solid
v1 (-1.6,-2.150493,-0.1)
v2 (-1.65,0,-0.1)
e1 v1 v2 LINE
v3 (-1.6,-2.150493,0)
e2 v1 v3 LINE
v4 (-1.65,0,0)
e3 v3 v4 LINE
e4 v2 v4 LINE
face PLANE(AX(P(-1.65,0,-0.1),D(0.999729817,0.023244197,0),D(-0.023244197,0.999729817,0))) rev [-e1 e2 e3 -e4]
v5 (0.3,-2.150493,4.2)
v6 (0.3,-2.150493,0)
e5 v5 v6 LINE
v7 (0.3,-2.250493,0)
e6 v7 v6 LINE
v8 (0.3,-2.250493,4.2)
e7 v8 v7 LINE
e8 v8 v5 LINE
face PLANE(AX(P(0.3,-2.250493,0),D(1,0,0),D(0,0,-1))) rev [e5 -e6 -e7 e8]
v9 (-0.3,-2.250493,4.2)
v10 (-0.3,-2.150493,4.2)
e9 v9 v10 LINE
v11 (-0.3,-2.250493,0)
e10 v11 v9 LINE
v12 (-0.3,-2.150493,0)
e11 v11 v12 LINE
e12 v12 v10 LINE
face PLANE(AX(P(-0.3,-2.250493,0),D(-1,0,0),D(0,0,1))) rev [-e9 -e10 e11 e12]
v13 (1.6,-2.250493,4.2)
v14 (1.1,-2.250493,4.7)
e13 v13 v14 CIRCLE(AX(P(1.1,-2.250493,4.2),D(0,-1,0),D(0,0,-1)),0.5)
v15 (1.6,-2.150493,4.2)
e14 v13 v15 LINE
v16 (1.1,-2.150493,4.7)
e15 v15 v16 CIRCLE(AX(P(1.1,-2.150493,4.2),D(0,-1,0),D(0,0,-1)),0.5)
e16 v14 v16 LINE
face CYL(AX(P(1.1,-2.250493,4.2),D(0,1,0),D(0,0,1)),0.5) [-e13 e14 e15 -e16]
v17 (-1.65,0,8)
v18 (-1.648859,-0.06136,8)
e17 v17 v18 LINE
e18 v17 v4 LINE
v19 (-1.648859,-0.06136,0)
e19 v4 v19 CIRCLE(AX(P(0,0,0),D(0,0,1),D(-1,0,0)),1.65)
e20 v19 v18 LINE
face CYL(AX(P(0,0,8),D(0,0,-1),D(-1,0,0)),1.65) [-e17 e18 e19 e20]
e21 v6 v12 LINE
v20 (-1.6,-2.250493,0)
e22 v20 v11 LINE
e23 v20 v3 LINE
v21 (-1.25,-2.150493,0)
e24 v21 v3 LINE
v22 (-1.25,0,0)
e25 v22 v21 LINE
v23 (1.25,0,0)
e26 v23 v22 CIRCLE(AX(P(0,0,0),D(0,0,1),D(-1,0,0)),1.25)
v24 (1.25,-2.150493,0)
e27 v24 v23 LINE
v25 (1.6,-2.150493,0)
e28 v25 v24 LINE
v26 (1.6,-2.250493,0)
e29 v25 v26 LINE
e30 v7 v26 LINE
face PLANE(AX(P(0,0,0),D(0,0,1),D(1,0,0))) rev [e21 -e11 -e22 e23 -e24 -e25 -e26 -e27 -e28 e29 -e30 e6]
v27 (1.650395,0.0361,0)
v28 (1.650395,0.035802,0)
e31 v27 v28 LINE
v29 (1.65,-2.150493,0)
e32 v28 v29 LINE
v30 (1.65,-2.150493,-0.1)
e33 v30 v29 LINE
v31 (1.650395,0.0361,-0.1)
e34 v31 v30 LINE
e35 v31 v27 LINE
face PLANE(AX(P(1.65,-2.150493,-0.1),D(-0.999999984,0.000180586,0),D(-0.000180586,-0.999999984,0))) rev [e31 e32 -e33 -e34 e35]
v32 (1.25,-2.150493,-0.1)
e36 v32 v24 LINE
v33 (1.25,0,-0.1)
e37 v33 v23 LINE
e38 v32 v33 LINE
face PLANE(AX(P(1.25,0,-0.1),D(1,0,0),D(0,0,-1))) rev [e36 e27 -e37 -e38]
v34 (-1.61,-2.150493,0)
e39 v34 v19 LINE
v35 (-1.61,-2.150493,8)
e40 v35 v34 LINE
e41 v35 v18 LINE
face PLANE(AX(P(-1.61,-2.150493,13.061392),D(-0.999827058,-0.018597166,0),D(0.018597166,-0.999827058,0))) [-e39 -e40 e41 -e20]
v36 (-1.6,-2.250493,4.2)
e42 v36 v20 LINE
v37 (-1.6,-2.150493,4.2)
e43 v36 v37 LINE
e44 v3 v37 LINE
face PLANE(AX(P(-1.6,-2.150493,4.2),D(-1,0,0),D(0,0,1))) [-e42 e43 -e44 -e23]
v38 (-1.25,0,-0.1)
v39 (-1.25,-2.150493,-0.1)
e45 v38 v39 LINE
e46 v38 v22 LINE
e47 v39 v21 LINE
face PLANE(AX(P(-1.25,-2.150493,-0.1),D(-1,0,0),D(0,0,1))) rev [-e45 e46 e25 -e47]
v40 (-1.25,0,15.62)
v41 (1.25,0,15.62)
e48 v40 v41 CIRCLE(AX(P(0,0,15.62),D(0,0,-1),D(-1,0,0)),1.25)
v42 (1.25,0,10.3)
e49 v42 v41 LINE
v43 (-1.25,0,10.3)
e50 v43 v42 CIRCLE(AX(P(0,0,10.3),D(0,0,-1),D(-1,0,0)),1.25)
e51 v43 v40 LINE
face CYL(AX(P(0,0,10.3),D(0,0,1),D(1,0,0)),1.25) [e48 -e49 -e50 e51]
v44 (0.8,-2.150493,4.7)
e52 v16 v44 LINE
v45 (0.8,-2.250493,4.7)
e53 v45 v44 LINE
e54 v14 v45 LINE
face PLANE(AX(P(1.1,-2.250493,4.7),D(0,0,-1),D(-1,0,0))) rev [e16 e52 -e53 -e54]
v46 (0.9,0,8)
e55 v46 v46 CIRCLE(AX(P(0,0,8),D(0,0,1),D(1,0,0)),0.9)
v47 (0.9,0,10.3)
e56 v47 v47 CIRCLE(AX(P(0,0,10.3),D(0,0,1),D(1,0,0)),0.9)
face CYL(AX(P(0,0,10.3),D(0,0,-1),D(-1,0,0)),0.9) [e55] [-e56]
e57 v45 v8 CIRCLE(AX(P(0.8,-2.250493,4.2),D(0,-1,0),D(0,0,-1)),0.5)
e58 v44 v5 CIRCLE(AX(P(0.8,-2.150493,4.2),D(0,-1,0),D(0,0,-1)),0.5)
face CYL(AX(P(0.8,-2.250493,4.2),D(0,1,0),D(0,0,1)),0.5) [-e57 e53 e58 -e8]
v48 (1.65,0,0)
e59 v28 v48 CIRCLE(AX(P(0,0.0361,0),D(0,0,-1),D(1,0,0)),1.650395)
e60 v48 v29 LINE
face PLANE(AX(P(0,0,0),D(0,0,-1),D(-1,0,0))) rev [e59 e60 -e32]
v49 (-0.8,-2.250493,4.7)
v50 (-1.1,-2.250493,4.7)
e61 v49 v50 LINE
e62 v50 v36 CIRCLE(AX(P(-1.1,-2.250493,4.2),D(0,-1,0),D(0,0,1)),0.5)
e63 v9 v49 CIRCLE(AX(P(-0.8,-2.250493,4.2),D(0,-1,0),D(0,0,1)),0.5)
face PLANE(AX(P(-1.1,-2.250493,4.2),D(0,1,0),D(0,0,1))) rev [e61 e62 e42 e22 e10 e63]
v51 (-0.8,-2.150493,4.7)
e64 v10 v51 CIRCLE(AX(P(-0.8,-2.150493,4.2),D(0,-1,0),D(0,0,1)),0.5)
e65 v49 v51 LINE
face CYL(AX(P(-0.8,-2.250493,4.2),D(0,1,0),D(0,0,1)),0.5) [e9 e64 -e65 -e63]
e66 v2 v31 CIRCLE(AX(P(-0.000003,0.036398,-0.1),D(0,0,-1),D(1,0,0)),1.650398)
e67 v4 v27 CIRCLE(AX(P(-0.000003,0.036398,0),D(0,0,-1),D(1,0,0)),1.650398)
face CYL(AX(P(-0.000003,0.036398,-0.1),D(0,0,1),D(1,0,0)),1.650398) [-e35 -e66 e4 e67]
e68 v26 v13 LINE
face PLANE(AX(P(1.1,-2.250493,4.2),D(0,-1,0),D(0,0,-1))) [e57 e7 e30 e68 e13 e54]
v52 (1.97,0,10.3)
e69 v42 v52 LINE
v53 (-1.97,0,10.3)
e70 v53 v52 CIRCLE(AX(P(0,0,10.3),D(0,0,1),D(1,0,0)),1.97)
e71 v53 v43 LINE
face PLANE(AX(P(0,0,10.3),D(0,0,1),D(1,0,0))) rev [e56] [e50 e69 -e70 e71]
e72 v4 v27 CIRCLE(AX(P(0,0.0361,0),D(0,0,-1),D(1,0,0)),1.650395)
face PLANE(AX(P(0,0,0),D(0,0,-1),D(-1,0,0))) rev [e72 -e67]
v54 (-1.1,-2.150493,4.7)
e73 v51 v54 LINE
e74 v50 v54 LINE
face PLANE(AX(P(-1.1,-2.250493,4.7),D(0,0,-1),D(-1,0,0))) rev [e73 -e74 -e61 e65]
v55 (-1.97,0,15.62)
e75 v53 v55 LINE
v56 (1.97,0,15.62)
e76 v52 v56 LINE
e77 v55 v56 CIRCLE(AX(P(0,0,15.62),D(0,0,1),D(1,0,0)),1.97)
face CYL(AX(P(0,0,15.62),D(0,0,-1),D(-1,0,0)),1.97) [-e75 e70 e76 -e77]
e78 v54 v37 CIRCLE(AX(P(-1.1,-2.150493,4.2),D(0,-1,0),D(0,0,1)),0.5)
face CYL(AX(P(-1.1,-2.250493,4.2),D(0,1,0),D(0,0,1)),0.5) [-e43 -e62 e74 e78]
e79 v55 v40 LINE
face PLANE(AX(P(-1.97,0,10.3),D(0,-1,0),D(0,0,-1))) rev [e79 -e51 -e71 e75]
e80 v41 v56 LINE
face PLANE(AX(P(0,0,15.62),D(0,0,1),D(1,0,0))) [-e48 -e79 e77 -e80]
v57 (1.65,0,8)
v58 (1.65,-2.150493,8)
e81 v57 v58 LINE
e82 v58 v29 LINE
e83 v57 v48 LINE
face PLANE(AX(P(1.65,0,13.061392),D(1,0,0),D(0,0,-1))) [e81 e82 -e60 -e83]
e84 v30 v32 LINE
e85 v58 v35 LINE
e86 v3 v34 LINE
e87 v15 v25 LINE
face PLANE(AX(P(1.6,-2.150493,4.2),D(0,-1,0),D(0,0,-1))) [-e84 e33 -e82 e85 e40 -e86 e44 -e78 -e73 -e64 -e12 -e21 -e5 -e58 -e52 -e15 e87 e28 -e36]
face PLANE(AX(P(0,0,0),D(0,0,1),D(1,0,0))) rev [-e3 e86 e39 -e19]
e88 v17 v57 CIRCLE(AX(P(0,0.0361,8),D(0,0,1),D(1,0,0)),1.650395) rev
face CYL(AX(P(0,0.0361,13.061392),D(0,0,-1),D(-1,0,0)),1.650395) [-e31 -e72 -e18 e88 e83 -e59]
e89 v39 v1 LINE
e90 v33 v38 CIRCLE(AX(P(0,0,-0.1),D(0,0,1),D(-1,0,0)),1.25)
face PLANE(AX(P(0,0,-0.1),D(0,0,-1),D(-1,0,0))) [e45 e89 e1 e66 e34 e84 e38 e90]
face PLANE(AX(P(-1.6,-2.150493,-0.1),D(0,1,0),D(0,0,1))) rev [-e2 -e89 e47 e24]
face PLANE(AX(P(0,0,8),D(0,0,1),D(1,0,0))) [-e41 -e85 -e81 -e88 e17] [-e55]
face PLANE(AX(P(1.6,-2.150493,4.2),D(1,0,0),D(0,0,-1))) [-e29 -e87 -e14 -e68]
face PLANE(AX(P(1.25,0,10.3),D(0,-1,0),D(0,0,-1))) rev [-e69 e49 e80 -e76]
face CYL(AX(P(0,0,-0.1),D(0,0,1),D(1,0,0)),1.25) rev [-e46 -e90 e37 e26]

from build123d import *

# Parameters (mm, degrees)
ESQUISSE1_R             = 1.65
BOSS_EXTRU_1_DEPTH      = 8
ESQUISSE2_W             = 3.2
ESQUISSE2_H             = 2.278115777
BOSS_EXTRU_2_DEPTH      = 4.2
ESQUISSE3_R             = 0.9
BOSS_EXTRU_3_DEPTH      = 2.3
ESQUISSE4_R             = 1.97
BOSS_EXTRU_4_DEPTH      = 5.32
ENL_V_START             = -5.32
ENL_V_MAT_EXTRU_2_DEPTH = 5.32
BOSS_EXTRU_5_DEPTH      = 0.1
BOSS_EXTRU_6_DEPTH      = 8
BOSS_EXTRU_7_START      = 0.1
BOSS_EXTRU_7_DEPTH      = 0.1


with BuildPart() as part:
    # Esquisse1 → Boss.-Extru.1 (new body)
    with BuildSketch(Plane.XY):
        Circle(ESQUISSE1_R)
    extrude(amount=BOSS_EXTRU_1_DEPTH)

    # Esquisse2 → Boss.-Extru.2 (add)
    with BuildSketch(Plane(origin=(0, 0, 0), x_dir=(-1, 0, 0), z_dir=(0, 0, -1))):
        with Locations((0, -1.011435459)):
            Rectangle(ESQUISSE2_W, ESQUISSE2_H)
    extrude(amount=-BOSS_EXTRU_2_DEPTH)

    # Esquisse3 → Boss.-Extru.3 (add)
    with BuildSketch(Plane.XY.offset(8)):
        Circle(ESQUISSE3_R)
    extrude(amount=BOSS_EXTRU_3_DEPTH)

    # Esquisse4 → Boss.-Extru.4 (add)
    with BuildSketch(Plane.XY.offset(10.3)):
        Circle(ESQUISSE4_R)
    extrude(amount=BOSS_EXTRU_4_DEPTH)

    # Esquisse6 → Enlèv. mat.-Extru.2 (cut)
    with BuildSketch(Plane.XY.offset(15.62).offset(ENL_V_START)):
        with BuildLine():
            Line((-1.97, 0), (-1.25, 0))
            ThreePointArc((-1.25, 0), (0, 1.25), (1.25, 0))
            Line((1.25, 0), (1.97, 0))
            ThreePointArc((1.97, 0), (0, 1.97), (-1.97, 0))
        make_face()
    extrude(amount=ENL_V_MAT_EXTRU_2_DEPTH, mode=Mode.SUBTRACT)

    # Esquisse7 → Boss.-Extru.5 (add)
    with BuildSketch(Plane.XZ.offset(2.150493347)):
        with BuildLine():
            Line((1.6, 0), (0.3, 0))
            Line((0.3, 0), (0.3, 4.2))
            ThreePointArc((0.3, 4.2), (0.446446609, 4.553553391), (0.8, 4.7))
            Line((0.8, 4.7), (1.1, 4.7))
            ThreePointArc((1.1, 4.7), (1.453553391, 4.553553391), (1.6, 4.2))
            Line((1.6, 4.2), (1.6, 0))
        make_face()
        with BuildLine():
            Line((-1.6, 0), (-0.3, 0))
            Line((-0.3, 0), (-0.3, 4.2))
            ThreePointArc((-0.3, 4.2), (-0.446446609, 4.553553391), (-0.8, 4.7))
            Line((-0.8, 4.7), (-1.1, 4.7))
            ThreePointArc((-1.1, 4.7), (-1.453553391, 4.553553391), (-1.6, 4.2))
            Line((-1.6, 4.2), (-1.6, 0))
        make_face()
    extrude(amount=BOSS_EXTRU_5_DEPTH)

    # Esquisse8 → Boss.-Extru.6 (add)
    with BuildSketch(Plane(origin=(0, 0, 0), x_dir=(-1, 0, 0), z_dir=(0, 0, -1))):
        with BuildLine():
            Line((-1.65, 0), (-1.65, -2.150493347))
            Line((-1.65, -2.150493347), (1.6, -2.150493347))
            Line((1.6, -2.150493347), (1.61, -2.150493347))
            Line((1.61, -2.150493347), (1.65, 0))
            ThreePointArc((1.65, 0), (0, 1.686495035), (-1.65, 0))
        make_face()
    extrude(amount=-BOSS_EXTRU_6_DEPTH)

    # Esquisse9 → Boss.-Extru.7 (add)
    with BuildSketch(Plane(origin=(0, 0, 0), x_dir=(-1, 0, 0), z_dir=(0, 0, -1)).offset(BOSS_EXTRU_7_START)):
        with BuildLine():
            Line((-1.25, 0), (-1.25, -2.150493347))
            Line((-1.25, -2.150493347), (-1.65, -2.150493347))
            Line((-1.65, -2.150493347), (-1.650394869, 0.036100167))
            ThreePointArc((-1.650394869, 0.036100167), (0.018054459, 1.686697641), (1.65, 0))
            Line((1.65, 0), (1.6, -2.150493347))
            Line((1.6, -2.150493347), (1.25, -2.150493347))
            Line((1.25, -2.150493347), (1.25, 0))
            ThreePointArc((1.25, 0), (0, 1.25), (-1.25, 0))
        make_face()
    extrude(amount=-BOSS_EXTRU_7_DEPTH)


solid = part.part
